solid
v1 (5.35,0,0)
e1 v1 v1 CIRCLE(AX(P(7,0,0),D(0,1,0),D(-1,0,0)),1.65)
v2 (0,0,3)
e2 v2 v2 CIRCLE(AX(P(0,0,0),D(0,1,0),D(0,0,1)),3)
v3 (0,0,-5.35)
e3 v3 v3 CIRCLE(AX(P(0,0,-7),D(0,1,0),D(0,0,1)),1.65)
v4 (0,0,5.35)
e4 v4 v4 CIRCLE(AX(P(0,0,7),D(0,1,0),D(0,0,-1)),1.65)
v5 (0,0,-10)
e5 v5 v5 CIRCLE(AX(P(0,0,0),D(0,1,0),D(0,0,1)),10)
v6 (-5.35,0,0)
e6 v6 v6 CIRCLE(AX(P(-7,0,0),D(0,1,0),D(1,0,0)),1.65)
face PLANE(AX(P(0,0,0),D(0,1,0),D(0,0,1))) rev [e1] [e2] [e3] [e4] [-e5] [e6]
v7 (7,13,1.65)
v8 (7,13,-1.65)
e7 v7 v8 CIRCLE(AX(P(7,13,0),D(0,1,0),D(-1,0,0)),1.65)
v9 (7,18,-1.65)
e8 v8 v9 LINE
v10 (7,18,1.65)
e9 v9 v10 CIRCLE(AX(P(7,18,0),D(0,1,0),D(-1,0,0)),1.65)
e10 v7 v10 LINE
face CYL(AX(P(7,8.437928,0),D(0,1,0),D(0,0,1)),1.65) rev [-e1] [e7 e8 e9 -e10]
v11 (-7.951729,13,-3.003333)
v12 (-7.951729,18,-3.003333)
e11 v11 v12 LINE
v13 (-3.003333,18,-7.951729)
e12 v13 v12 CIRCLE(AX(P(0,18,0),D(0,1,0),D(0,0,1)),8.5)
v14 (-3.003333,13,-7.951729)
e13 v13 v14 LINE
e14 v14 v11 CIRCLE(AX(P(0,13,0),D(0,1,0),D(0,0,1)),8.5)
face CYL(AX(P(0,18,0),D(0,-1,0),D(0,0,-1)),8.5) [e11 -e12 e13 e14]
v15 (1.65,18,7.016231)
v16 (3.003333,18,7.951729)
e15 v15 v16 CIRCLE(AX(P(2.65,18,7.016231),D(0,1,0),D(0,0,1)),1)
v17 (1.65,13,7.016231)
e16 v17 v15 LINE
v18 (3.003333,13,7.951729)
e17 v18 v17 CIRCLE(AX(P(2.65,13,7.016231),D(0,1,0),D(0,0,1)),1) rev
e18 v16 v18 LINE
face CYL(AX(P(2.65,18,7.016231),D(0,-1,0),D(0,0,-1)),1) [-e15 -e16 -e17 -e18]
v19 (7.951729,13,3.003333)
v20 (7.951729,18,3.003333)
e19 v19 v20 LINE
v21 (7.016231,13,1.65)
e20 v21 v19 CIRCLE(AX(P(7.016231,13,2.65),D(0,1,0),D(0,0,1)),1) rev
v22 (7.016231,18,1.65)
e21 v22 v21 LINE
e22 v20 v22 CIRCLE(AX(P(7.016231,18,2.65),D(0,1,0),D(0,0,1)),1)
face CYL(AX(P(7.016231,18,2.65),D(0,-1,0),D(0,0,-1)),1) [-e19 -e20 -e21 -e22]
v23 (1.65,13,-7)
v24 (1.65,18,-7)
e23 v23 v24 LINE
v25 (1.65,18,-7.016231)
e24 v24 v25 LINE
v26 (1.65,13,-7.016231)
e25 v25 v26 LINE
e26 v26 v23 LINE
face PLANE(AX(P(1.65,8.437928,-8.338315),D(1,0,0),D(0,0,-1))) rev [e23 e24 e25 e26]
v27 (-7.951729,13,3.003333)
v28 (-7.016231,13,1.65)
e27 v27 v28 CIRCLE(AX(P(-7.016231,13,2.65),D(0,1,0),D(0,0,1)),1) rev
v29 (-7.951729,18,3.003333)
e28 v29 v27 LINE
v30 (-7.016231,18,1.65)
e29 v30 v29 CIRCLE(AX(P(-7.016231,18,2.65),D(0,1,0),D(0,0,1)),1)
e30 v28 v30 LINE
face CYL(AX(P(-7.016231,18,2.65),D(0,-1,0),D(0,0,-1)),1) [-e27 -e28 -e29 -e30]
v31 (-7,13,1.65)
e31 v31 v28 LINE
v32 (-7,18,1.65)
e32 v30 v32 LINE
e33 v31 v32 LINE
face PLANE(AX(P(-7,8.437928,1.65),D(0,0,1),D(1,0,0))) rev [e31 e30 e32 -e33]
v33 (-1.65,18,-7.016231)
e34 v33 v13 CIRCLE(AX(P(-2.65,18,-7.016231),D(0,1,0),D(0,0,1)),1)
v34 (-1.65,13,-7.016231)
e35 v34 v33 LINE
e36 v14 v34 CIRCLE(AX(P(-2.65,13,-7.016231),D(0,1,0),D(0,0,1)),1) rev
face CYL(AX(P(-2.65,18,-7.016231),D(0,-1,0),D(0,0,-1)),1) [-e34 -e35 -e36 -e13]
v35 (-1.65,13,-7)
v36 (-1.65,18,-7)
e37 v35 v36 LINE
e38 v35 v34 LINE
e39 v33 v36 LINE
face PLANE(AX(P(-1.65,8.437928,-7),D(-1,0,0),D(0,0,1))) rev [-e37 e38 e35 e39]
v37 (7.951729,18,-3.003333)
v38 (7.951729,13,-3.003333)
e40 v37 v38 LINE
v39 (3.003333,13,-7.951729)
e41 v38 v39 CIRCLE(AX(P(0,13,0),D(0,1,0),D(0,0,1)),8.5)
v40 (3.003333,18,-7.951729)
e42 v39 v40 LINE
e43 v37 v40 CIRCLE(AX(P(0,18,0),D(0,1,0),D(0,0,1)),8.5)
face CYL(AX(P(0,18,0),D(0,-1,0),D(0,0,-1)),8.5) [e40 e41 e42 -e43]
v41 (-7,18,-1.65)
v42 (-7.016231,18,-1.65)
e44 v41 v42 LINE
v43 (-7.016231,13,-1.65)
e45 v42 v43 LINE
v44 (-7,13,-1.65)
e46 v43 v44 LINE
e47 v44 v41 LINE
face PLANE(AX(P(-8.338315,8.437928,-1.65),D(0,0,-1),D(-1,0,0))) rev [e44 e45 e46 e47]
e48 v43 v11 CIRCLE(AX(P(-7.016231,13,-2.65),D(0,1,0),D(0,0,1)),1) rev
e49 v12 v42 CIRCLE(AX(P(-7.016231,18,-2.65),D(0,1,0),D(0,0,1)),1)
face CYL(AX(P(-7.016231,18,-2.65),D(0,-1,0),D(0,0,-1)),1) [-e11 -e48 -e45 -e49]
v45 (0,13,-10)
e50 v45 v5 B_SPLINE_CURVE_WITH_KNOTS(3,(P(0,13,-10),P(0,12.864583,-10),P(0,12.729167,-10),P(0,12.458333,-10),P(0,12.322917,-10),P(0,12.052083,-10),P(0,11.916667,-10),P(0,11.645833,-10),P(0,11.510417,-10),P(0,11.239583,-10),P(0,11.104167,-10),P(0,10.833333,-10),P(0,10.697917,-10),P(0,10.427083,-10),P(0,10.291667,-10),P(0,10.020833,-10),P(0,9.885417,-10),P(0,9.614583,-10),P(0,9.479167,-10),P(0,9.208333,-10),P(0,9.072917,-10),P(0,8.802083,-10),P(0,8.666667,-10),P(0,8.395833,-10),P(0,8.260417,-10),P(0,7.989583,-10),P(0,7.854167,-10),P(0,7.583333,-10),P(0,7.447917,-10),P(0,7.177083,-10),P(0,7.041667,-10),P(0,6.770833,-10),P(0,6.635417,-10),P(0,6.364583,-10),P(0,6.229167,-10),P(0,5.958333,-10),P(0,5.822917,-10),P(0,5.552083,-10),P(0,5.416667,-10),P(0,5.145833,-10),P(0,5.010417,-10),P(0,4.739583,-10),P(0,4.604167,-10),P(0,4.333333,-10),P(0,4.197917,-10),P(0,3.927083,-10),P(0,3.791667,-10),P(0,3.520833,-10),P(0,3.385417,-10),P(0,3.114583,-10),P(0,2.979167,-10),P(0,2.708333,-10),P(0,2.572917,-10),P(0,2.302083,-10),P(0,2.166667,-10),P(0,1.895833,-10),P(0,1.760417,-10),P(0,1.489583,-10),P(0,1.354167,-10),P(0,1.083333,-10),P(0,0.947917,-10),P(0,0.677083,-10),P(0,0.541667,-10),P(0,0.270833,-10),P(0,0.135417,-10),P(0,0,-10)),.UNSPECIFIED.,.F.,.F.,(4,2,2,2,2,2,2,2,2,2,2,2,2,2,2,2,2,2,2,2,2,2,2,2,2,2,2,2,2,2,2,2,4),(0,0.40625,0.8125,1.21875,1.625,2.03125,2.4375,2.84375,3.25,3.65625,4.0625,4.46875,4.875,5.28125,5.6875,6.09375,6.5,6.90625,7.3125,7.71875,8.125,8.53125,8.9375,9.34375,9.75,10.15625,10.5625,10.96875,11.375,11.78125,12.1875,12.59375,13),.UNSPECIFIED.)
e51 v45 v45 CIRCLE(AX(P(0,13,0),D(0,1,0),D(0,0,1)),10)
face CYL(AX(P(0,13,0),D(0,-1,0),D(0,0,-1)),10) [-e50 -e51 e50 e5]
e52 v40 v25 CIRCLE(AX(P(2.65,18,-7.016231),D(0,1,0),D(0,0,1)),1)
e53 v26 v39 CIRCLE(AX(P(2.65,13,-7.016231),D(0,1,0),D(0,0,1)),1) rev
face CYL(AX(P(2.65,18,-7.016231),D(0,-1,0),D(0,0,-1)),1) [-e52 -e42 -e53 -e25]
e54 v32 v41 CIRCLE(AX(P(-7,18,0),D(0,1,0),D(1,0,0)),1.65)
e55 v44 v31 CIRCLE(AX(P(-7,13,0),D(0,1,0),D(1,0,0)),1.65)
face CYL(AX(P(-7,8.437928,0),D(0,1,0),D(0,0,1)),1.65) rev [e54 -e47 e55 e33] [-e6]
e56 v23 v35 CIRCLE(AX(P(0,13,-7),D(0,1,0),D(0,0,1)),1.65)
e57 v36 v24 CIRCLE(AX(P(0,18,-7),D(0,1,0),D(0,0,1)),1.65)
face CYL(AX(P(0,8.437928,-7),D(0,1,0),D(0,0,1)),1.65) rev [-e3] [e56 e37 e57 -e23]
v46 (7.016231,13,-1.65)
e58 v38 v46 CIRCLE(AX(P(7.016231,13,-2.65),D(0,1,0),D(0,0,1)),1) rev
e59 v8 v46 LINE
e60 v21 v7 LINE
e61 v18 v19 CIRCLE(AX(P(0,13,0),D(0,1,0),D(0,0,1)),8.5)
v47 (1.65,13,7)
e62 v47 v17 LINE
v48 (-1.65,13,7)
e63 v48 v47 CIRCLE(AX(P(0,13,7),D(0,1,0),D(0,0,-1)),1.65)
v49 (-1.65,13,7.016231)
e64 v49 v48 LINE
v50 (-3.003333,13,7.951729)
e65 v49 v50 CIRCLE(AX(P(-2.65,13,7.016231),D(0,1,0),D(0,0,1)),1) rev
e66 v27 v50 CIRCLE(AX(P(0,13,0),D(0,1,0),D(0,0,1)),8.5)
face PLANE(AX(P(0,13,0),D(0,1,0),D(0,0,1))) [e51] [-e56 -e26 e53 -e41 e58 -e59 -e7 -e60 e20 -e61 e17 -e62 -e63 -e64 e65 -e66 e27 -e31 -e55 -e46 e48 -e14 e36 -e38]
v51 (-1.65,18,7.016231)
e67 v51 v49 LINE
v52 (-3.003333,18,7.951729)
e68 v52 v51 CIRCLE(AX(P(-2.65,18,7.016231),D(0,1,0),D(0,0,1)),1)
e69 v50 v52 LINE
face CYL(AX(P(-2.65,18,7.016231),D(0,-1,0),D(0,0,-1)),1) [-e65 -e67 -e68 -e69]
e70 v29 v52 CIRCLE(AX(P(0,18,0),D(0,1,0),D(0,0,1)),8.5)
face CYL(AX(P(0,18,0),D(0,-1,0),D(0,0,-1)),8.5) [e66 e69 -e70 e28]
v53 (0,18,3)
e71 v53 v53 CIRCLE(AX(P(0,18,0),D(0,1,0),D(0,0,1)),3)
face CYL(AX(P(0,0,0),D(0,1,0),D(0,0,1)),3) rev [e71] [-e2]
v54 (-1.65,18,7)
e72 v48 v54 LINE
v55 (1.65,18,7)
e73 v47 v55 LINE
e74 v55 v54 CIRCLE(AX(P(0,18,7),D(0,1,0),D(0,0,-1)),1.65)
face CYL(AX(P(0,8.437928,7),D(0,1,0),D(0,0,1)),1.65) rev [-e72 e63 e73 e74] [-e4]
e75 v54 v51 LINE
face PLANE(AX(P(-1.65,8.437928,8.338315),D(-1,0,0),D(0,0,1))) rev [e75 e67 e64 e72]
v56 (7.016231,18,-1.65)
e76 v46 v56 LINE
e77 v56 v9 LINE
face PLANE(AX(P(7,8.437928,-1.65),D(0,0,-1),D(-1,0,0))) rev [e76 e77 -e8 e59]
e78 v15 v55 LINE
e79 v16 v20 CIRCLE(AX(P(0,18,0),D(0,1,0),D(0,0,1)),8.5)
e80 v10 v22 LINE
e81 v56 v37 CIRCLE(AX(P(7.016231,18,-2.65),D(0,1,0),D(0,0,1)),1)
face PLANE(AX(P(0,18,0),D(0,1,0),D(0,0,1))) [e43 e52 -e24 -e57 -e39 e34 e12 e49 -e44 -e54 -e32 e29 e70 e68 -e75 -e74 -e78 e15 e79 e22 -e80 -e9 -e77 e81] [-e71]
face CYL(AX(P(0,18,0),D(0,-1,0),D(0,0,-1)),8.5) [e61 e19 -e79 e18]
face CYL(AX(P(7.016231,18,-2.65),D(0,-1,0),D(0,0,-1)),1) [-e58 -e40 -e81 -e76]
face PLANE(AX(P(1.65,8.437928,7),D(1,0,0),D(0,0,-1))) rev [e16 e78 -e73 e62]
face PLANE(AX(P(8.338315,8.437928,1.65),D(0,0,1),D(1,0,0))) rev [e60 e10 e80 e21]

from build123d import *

# Parameters (mm, degrees)
SKETCH_1_R                       = 10
EXTRUDE_358_DEPTH                = 13
SKETCH_2_R                       = 8.5
EXTRUDE_447_DEPTH                = 5
SKETCH_3_R                       = 3
CUT_EXTRUDE_558_DEPTH            = 23.891046285
CUT_EXTRUDE_START                = -5
CUT_EXTRUDE_755_DEPTH            = 5
SKETCH_5_R                       = 1.65
CUT_EXTRUDE_910_DEPTH            = 20.209372712
FILLET_1_R                       = 1
PATTERN_CIRCULAR_1_COUNT         = 4
FILLET_1_OF_PATTERN_CIRCULAR_1_R = 1


with BuildPart() as part:
    # Эскиз1 → Extrude 358 (new body)
    with BuildSketch(Plane(origin=(0, 0, 0), x_dir=(1, 0, 0), z_dir=(0, 1, 0))):
        with Locations(Location((0, 0, 0), (0, 0, 90))):
            Circle(SKETCH_1_R)
    extrude(amount=EXTRUDE_358_DEPTH)

    # Эскиз2 → Extrude 447 (add)
    with BuildSketch(Plane(origin=(0, 13, 0), x_dir=(1, 0, 0), z_dir=(0, 1, 0))):
        with Locations(Location((0, 0, 0), (0, 0, 270))):
            Circle(SKETCH_2_R)
    extrude(amount=EXTRUDE_447_DEPTH)

    # Эскиз3 → Cut-Extrude 558 (cut, through all)
    with BuildSketch(Plane(origin=(0, 18, 0), x_dir=(1, 0, 0), z_dir=(0, 1, 0))):
        with Locations(Location((0, 0, 0), (0, 0, 270))):
            Circle(SKETCH_3_R)
    extrude(amount=-CUT_EXTRUDE_558_DEPTH, mode=Mode.SUBTRACT)

    # Эскиз4 → Cut-Extrude 755 (cut)
    with BuildSketch(Plane(origin=(0, 18, 0), x_dir=(1, 0, 0), z_dir=(0, 1, 0)).offset(CUT_EXTRUDE_START)):
        with BuildLine():
            Line((-1.65, 7), (-1.65, 8.338315178))
            ThreePointArc((-1.65, 8.338315178), (0, 8.5), (1.65, 8.338315178))
            Line((1.65, 8.338315178), (1.65, 7))
            ThreePointArc((1.65, 7), (0, 5.35), (-1.65, 7))
        make_face()
    cut_extrude_755 = extrude(amount=CUT_EXTRUDE_755_DEPTH, mode=Mode.SUBTRACT)

    # Эскиз5 → Cut-Extrude 910 (cut, through all)
    with BuildSketch(Plane(origin=(0, 13, 0), x_dir=(1, 0, 0), z_dir=(0, 1, 0))):
        with Locations(Location((0, 7, 0), (0, 0, 270))):
            Circle(SKETCH_5_R)
    cut_extrude_910 = extrude(amount=-CUT_EXTRUDE_910_DEPTH, mode=Mode.SUBTRACT)

    # Скругление1
    fillet_1_edges = [part.edges().sort_by_distance(p)[0] for p in [
        (-1.65, 15.5, -8.338315178),
        (1.65, 15.5, -8.338315178),
    ]]
    fillet(fillet_1_edges, radius=FILLET_1_R)

    # Круговой массив1: Cut-Extrude 755, Cut-Extrude 910 ×4 about axis
    pattern_circular_1_axis = Axis((0, 0, 0), (0, 1, 0))
    add([cut_extrude_755.rotate(pattern_circular_1_axis, i * 360 / PATTERN_CIRCULAR_1_COUNT) for i in range(1, PATTERN_CIRCULAR_1_COUNT)], mode=Mode.SUBTRACT)
    add([cut_extrude_910.rotate(pattern_circular_1_axis, i * 360 / PATTERN_CIRCULAR_1_COUNT) for i in range(1, PATTERN_CIRCULAR_1_COUNT)], mode=Mode.SUBTRACT)

    # Скругление1 of Круговой массив1
    fillet_1_of_pattern_circular_1_edges = [part.edges().sort_by_distance(p)[0] for p in [
        (-8.338315178, 15.5, 1.65),
        (-8.338315178, 15.5, -1.65),
        (1.65, 15.5, 8.338315178),
        (-1.65, 15.5, 8.338315178),
        (8.338315178, 15.5, -1.65),
        (8.338315178, 15.5, 1.65),
    ]]
    fillet(fillet_1_of_pattern_circular_1_edges, radius=FILLET_1_OF_PATTERN_CIRCULAR_1_R)


solid = part.part
